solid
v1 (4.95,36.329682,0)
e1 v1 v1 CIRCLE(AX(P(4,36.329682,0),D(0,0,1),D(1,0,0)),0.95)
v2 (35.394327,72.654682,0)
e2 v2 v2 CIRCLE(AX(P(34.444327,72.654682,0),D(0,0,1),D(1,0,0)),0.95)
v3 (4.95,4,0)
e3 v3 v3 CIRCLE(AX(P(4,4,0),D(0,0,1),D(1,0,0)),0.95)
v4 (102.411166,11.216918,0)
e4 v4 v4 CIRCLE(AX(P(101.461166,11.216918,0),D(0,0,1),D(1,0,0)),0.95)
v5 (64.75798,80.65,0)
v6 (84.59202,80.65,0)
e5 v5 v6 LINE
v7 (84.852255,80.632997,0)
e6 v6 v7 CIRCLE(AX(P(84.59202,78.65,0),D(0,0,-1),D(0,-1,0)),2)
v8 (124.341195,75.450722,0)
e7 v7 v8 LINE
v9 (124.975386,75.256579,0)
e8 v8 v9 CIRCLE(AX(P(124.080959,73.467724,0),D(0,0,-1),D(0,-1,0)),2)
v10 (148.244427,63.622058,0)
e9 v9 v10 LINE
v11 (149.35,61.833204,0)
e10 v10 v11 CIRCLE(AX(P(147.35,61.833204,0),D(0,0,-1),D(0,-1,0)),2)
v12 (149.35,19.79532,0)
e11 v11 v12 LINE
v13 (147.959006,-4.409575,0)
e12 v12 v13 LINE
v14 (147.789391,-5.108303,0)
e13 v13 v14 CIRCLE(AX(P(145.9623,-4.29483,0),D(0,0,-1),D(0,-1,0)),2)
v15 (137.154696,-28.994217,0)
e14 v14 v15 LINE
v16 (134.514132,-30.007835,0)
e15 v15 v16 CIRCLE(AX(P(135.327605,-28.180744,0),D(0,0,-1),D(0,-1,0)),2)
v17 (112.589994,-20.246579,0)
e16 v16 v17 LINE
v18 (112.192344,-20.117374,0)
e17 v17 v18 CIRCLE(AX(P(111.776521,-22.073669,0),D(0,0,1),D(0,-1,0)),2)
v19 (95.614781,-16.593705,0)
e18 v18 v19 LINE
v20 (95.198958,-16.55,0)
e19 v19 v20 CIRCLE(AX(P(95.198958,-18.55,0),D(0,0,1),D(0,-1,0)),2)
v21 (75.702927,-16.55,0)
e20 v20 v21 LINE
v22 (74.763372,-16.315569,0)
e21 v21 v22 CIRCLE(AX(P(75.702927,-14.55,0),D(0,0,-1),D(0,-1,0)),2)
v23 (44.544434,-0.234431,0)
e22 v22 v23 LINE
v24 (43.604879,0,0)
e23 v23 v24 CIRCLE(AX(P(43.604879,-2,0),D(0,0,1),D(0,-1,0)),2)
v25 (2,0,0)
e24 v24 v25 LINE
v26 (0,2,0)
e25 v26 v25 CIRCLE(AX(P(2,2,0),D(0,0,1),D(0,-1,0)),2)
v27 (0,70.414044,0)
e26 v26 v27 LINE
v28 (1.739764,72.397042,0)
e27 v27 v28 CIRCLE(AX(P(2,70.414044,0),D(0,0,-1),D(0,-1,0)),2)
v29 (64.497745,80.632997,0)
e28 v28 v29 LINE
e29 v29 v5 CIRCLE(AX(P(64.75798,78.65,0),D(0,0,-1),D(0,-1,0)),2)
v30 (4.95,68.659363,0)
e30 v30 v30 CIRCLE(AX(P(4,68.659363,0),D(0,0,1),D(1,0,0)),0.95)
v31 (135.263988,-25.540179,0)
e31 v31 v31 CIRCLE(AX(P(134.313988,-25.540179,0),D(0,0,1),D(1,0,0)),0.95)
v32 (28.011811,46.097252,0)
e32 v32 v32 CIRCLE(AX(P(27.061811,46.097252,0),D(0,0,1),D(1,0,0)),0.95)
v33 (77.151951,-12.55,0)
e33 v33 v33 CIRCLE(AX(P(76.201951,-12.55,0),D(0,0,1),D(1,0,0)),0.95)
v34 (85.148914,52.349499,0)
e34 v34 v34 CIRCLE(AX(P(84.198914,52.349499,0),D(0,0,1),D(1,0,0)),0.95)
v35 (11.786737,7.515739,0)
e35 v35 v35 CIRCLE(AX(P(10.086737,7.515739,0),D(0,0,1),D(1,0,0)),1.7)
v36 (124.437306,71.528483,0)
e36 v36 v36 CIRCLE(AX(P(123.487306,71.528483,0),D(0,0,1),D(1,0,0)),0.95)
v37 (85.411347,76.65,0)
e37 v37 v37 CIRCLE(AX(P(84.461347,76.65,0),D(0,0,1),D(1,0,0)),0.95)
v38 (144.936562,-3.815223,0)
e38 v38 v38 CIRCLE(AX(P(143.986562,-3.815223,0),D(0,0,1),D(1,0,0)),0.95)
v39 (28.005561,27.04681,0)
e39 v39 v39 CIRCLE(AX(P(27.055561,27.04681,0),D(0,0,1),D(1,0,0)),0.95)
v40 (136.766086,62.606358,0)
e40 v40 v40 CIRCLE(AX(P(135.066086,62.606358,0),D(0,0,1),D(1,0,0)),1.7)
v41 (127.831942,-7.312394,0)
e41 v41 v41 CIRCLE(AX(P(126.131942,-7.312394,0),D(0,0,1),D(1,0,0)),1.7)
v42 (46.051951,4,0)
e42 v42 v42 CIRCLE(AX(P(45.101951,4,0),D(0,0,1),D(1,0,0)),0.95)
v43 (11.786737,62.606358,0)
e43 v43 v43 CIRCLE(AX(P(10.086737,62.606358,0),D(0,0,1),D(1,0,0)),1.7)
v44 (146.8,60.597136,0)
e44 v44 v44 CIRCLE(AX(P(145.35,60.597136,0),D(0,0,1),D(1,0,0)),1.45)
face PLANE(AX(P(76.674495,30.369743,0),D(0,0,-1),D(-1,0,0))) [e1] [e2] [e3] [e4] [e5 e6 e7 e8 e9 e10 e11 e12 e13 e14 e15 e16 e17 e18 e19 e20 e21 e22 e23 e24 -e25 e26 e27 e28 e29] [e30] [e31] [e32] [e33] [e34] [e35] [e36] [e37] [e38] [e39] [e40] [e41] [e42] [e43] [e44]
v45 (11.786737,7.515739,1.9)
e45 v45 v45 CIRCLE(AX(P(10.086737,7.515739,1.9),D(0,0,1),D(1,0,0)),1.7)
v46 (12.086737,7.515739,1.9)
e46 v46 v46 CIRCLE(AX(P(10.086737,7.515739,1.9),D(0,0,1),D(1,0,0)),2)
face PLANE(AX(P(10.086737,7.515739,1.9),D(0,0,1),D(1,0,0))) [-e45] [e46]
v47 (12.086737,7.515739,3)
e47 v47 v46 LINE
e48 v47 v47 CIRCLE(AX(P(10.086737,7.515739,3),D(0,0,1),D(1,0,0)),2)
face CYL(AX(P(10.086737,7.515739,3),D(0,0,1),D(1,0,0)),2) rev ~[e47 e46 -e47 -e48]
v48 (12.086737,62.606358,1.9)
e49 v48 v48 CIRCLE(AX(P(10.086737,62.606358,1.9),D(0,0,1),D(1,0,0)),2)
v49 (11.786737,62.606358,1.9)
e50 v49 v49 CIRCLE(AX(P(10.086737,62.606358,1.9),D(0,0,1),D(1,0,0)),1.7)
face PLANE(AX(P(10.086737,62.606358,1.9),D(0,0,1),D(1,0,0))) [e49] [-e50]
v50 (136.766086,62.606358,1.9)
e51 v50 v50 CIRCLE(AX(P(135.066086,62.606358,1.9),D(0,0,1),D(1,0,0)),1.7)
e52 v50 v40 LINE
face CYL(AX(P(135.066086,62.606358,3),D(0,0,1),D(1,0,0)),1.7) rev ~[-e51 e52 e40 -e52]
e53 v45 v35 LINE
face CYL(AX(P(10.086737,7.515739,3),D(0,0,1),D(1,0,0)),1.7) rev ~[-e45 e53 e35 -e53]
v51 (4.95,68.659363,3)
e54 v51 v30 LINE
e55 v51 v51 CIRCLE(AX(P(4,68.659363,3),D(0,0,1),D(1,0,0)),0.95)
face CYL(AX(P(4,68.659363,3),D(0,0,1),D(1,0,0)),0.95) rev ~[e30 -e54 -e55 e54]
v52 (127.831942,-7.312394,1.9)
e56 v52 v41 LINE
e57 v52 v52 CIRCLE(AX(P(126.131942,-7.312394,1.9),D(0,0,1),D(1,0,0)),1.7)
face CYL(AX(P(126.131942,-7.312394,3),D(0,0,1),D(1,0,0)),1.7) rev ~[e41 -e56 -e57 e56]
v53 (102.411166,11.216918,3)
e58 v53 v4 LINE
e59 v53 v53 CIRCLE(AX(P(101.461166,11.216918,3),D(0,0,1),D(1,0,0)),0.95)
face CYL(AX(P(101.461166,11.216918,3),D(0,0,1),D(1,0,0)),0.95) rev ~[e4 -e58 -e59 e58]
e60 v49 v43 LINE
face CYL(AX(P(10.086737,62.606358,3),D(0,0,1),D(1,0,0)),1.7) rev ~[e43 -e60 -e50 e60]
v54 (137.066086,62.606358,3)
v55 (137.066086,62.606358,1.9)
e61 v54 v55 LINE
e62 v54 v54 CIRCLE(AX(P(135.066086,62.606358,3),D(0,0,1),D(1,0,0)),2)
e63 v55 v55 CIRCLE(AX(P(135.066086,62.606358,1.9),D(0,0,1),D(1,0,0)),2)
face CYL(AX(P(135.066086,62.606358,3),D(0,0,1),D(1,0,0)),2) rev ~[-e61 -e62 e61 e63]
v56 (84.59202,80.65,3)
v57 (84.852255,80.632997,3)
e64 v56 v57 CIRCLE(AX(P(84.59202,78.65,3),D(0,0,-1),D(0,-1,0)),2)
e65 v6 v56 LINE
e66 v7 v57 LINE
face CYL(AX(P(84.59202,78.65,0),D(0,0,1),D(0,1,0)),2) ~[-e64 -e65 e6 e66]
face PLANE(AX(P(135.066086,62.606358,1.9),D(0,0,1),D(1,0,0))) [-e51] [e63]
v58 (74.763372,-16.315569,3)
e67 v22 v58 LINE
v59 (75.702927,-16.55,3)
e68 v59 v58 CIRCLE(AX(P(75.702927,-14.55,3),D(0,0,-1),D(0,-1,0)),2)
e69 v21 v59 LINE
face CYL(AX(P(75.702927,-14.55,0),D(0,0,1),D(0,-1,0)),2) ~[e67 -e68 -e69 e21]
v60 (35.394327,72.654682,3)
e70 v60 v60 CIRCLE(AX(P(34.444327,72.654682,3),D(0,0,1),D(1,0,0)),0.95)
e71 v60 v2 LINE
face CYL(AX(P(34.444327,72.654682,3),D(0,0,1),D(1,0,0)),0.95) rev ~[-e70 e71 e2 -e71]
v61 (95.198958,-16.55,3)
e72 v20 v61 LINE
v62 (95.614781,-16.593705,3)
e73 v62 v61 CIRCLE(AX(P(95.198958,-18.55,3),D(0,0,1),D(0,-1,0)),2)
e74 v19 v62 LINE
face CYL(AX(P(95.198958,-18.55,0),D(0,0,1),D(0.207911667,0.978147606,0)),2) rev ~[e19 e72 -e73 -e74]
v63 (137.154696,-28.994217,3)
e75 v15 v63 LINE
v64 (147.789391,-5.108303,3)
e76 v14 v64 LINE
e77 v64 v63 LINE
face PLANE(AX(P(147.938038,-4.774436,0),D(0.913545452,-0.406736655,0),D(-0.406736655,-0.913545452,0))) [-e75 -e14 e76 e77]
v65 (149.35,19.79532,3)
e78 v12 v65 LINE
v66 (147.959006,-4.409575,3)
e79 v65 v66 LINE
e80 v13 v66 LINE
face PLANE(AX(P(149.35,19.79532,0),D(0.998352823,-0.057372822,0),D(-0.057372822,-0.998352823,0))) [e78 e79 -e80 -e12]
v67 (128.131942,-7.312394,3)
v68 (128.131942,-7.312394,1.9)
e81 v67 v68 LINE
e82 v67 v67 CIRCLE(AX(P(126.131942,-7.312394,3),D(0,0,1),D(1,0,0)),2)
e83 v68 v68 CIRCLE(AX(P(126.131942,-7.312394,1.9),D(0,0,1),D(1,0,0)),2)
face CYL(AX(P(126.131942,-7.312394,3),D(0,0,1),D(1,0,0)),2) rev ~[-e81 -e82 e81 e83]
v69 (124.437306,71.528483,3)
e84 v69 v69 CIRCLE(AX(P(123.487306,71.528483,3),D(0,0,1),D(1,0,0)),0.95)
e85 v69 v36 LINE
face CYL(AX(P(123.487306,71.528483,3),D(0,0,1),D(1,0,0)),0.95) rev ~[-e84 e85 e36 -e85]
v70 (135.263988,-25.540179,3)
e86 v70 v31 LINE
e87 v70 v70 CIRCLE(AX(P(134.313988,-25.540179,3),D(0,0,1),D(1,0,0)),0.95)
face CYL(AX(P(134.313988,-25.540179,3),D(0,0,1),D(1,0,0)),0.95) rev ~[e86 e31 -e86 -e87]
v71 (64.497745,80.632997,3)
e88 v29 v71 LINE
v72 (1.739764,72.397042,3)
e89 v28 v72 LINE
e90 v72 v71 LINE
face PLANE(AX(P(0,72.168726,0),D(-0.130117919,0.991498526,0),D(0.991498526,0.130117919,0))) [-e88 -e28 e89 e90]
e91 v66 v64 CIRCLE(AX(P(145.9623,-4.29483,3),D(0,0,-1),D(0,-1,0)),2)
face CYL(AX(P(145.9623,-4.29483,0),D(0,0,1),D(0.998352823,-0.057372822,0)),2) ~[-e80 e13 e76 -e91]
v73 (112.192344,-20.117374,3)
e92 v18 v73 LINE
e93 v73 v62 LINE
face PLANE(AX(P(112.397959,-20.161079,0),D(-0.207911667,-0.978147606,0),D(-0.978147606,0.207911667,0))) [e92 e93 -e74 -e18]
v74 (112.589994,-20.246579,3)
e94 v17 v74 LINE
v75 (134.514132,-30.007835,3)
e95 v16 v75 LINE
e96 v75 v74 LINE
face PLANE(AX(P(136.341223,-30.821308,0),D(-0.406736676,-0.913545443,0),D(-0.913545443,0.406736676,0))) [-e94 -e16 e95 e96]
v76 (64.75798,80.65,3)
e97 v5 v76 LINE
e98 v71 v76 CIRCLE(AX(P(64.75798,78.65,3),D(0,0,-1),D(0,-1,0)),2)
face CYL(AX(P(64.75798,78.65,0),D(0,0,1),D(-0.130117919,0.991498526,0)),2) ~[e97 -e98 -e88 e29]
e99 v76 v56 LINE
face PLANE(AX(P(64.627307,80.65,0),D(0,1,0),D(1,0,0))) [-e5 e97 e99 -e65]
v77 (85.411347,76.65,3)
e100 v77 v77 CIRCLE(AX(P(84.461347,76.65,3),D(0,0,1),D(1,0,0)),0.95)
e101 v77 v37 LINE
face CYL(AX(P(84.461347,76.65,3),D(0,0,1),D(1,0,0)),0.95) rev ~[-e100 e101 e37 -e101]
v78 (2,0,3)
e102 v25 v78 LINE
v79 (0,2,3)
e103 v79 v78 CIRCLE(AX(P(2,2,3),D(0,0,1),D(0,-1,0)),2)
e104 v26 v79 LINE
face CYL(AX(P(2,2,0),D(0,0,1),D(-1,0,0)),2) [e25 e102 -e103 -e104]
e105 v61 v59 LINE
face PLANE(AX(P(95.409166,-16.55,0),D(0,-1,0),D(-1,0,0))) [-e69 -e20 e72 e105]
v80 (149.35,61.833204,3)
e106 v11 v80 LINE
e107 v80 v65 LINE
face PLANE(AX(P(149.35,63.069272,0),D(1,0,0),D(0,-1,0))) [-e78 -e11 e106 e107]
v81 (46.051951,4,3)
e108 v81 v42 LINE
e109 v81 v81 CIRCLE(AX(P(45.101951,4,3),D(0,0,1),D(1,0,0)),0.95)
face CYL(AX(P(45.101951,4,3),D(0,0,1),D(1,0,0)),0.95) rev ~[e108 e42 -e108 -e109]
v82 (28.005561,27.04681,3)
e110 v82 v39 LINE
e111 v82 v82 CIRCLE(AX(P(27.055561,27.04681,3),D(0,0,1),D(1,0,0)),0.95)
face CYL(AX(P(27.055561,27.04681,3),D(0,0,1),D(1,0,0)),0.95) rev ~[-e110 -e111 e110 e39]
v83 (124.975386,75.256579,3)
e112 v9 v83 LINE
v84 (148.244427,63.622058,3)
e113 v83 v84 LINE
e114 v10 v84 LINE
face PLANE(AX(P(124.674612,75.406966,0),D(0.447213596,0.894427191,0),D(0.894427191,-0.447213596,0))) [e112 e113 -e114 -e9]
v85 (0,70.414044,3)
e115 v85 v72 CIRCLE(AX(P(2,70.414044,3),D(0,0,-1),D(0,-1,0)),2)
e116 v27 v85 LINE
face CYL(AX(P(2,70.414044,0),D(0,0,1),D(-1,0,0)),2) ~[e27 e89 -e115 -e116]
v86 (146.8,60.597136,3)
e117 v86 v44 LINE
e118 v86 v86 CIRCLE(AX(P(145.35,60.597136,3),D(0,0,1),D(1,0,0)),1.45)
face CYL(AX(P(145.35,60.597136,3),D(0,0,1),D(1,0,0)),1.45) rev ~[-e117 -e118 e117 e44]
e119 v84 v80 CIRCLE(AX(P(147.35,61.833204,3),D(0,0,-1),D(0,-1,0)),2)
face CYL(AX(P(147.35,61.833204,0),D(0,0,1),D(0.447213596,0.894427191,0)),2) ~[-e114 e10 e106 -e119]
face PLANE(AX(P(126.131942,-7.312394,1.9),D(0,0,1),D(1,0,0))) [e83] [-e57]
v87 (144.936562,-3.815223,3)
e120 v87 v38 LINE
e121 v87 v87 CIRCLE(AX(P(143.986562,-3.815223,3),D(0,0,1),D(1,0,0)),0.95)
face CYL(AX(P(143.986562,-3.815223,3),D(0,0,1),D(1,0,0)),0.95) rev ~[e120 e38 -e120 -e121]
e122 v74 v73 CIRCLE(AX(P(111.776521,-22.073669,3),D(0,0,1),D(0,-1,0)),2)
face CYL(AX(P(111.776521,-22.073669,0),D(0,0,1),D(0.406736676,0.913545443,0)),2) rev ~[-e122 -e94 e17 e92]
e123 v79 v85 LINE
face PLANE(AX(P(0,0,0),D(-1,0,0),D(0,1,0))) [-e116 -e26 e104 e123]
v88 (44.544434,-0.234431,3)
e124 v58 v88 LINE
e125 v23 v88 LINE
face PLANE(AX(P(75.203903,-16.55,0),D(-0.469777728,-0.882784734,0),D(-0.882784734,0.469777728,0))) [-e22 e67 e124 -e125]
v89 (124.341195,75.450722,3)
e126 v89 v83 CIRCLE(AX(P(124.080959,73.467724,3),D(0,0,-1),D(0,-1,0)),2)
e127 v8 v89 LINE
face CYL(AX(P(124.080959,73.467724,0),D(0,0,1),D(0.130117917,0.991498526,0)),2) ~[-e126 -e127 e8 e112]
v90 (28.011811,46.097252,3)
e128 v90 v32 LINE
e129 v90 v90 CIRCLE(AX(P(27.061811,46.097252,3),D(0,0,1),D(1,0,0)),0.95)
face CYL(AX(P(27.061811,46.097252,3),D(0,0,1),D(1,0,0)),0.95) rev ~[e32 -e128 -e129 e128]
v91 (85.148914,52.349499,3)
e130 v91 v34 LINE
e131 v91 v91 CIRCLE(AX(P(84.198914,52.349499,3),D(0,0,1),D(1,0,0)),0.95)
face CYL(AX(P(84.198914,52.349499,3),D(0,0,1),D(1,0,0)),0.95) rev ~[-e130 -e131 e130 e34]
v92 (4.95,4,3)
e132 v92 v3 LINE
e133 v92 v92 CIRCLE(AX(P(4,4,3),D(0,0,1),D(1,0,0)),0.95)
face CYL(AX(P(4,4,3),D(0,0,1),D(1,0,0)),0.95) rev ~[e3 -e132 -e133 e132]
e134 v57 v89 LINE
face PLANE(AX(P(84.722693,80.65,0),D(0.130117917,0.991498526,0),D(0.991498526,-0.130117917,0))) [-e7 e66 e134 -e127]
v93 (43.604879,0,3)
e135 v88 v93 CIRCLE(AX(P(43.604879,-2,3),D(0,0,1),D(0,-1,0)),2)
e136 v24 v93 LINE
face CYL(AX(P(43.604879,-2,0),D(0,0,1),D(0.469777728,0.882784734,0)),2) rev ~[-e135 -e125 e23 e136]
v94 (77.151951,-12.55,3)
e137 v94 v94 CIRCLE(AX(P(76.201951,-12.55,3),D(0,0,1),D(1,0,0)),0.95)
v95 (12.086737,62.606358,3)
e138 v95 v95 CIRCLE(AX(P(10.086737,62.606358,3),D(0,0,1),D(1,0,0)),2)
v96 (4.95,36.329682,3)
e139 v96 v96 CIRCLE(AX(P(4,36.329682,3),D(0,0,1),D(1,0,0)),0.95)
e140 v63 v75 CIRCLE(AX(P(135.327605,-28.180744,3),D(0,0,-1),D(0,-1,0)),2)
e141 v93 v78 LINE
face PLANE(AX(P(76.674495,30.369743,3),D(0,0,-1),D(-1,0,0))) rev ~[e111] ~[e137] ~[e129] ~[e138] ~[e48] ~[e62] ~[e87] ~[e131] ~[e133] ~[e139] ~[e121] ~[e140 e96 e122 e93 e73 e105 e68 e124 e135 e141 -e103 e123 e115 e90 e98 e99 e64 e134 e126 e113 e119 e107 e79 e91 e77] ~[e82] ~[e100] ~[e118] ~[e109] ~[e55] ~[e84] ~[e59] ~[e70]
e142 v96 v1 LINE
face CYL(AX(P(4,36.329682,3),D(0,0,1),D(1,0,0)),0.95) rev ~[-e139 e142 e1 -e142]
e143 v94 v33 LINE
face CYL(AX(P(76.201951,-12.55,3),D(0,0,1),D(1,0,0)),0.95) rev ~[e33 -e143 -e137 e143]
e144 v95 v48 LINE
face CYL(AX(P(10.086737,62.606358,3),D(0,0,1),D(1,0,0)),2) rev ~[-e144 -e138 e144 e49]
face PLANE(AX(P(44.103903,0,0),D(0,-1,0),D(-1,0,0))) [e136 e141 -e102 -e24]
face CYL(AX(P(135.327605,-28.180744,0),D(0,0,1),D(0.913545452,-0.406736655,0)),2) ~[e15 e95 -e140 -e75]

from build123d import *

# Parameters (mm, degrees)
PAD001_DEPTH    = 3
FILLET001_R     = 2
SKETCH016_R     = 0.95
SKETCH016_R_2   = 1.45
POCKET006_DEPTH = 3.001
SKETCH017_R     = 1.7
POCKET007_DEPTH = 3.001
SKETCH018_R     = 2
POCKET008_DEPTH = 1.1


with BuildPart() as part:
    # Sketch001 → Pad001 (new body)
    with BuildSketch(Plane.XY):
        Polygon((0, 0), (0, 72.168726), (64.627307, 80.65), (84.722693, 80.65), (124.674612, 75.406966), (149.35, 63.069272), (149.35, 19.79532), (147.938038, -4.774436), (136.341223, -30.821308), (112.397959, -20.161079), (95.409166, -16.55), (75.203903, -16.55), (44.103903, 0), align=None)
    extrude(amount=PAD001_DEPTH)

    # Fillet001
    fillet001_edges = [part.edges().sort_by_distance(p)[0] for p in [
        (0, 0, 1.5),
        (44.103903, 0, 1.5),
        (75.203903, -16.55, 1.5),
        (95.409166, -16.55, 1.5),
        (112.397959, -20.161079, 1.5),
        (136.341223, -30.821308, 1.5),
        (147.938038, -4.774436, 1.5),
        (149.35, 19.79532, 1.5),
        (149.35, 63.069272, 1.5),
        (124.674612, 75.406966, 1.5),
        (84.722693, 80.65, 1.5),
        (64.627307, 80.65, 1.5),
        (0, 72.168726, 1.5),
    ]]
    fillet(fillet001_edges, radius=FILLET001_R)

    # Sketch016 (on Face5 of Fillet001) → Pocket006 (cut, through all)
    with BuildSketch(Plane.XY.offset(3)):
        with Locations((4, 68.659363)):
            Circle(SKETCH016_R)
        with Locations((4, 36.329682)):
            Circle(SKETCH016_R)
        with Locations((4, 4)):
            Circle(SKETCH016_R)
        with Locations((45.101951, 4)):
            Circle(SKETCH016_R)
        with Locations((76.201951, -12.55)):
            Circle(SKETCH016_R)
        with Locations((134.313988, -25.540179)):
            Circle(SKETCH016_R)
        with Locations((143.986562, -3.815223)):
            Circle(SKETCH016_R)
        with Locations((145.35, 60.597136)):
            Circle(SKETCH016_R_2)
        with Locations((123.487306, 71.528483)):
            Circle(SKETCH016_R)
        with Locations((84.198914, 52.349499)):
            Circle(SKETCH016_R)
        with Locations((27.061811, 46.097252)):
            Circle(SKETCH016_R)
        with Locations((27.055561, 27.04681)):
            Circle(SKETCH016_R)
        with Locations((101.461166, 11.216918)):
            Circle(SKETCH016_R)
        with Locations((34.444327, 72.654682)):
            Circle(SKETCH016_R)
        with Locations((84.461347, 76.65)):
            Circle(SKETCH016_R)
    extrude(amount=-POCKET006_DEPTH, mode=Mode.SUBTRACT)

    # Sketch017 (on Face5 of Pocket006) → Pocket007 (cut, through all)
    with BuildSketch(Plane.XY.offset(3)):
        with Locations((10.086737, 62.606358)):
            Circle(SKETCH017_R)
        with Locations((10.086737, 7.515739)):
            Circle(SKETCH017_R)
        with Locations((126.131942, -7.312394)):
            Circle(SKETCH017_R)
        with Locations((135.066086, 62.606358)):
            Circle(SKETCH017_R)
    extrude(amount=-POCKET007_DEPTH, mode=Mode.SUBTRACT)

    # Sketch018 (on Face5 of Pocket007) → Pocket008 (cut)
    with BuildSketch(Plane.XY.offset(3)):
        with Locations((10.086737, 62.606358)):
            Circle(SKETCH018_R)
        with Locations((10.086737, 7.515739)):
            Circle(SKETCH018_R)
        with Locations((126.131942, -7.312394)):
            Circle(SKETCH018_R)
        with Locations((135.066086, 62.606358)):
            Circle(SKETCH018_R)
    extrude(amount=-POCKET008_DEPTH, mode=Mode.SUBTRACT)


solid = part.part
